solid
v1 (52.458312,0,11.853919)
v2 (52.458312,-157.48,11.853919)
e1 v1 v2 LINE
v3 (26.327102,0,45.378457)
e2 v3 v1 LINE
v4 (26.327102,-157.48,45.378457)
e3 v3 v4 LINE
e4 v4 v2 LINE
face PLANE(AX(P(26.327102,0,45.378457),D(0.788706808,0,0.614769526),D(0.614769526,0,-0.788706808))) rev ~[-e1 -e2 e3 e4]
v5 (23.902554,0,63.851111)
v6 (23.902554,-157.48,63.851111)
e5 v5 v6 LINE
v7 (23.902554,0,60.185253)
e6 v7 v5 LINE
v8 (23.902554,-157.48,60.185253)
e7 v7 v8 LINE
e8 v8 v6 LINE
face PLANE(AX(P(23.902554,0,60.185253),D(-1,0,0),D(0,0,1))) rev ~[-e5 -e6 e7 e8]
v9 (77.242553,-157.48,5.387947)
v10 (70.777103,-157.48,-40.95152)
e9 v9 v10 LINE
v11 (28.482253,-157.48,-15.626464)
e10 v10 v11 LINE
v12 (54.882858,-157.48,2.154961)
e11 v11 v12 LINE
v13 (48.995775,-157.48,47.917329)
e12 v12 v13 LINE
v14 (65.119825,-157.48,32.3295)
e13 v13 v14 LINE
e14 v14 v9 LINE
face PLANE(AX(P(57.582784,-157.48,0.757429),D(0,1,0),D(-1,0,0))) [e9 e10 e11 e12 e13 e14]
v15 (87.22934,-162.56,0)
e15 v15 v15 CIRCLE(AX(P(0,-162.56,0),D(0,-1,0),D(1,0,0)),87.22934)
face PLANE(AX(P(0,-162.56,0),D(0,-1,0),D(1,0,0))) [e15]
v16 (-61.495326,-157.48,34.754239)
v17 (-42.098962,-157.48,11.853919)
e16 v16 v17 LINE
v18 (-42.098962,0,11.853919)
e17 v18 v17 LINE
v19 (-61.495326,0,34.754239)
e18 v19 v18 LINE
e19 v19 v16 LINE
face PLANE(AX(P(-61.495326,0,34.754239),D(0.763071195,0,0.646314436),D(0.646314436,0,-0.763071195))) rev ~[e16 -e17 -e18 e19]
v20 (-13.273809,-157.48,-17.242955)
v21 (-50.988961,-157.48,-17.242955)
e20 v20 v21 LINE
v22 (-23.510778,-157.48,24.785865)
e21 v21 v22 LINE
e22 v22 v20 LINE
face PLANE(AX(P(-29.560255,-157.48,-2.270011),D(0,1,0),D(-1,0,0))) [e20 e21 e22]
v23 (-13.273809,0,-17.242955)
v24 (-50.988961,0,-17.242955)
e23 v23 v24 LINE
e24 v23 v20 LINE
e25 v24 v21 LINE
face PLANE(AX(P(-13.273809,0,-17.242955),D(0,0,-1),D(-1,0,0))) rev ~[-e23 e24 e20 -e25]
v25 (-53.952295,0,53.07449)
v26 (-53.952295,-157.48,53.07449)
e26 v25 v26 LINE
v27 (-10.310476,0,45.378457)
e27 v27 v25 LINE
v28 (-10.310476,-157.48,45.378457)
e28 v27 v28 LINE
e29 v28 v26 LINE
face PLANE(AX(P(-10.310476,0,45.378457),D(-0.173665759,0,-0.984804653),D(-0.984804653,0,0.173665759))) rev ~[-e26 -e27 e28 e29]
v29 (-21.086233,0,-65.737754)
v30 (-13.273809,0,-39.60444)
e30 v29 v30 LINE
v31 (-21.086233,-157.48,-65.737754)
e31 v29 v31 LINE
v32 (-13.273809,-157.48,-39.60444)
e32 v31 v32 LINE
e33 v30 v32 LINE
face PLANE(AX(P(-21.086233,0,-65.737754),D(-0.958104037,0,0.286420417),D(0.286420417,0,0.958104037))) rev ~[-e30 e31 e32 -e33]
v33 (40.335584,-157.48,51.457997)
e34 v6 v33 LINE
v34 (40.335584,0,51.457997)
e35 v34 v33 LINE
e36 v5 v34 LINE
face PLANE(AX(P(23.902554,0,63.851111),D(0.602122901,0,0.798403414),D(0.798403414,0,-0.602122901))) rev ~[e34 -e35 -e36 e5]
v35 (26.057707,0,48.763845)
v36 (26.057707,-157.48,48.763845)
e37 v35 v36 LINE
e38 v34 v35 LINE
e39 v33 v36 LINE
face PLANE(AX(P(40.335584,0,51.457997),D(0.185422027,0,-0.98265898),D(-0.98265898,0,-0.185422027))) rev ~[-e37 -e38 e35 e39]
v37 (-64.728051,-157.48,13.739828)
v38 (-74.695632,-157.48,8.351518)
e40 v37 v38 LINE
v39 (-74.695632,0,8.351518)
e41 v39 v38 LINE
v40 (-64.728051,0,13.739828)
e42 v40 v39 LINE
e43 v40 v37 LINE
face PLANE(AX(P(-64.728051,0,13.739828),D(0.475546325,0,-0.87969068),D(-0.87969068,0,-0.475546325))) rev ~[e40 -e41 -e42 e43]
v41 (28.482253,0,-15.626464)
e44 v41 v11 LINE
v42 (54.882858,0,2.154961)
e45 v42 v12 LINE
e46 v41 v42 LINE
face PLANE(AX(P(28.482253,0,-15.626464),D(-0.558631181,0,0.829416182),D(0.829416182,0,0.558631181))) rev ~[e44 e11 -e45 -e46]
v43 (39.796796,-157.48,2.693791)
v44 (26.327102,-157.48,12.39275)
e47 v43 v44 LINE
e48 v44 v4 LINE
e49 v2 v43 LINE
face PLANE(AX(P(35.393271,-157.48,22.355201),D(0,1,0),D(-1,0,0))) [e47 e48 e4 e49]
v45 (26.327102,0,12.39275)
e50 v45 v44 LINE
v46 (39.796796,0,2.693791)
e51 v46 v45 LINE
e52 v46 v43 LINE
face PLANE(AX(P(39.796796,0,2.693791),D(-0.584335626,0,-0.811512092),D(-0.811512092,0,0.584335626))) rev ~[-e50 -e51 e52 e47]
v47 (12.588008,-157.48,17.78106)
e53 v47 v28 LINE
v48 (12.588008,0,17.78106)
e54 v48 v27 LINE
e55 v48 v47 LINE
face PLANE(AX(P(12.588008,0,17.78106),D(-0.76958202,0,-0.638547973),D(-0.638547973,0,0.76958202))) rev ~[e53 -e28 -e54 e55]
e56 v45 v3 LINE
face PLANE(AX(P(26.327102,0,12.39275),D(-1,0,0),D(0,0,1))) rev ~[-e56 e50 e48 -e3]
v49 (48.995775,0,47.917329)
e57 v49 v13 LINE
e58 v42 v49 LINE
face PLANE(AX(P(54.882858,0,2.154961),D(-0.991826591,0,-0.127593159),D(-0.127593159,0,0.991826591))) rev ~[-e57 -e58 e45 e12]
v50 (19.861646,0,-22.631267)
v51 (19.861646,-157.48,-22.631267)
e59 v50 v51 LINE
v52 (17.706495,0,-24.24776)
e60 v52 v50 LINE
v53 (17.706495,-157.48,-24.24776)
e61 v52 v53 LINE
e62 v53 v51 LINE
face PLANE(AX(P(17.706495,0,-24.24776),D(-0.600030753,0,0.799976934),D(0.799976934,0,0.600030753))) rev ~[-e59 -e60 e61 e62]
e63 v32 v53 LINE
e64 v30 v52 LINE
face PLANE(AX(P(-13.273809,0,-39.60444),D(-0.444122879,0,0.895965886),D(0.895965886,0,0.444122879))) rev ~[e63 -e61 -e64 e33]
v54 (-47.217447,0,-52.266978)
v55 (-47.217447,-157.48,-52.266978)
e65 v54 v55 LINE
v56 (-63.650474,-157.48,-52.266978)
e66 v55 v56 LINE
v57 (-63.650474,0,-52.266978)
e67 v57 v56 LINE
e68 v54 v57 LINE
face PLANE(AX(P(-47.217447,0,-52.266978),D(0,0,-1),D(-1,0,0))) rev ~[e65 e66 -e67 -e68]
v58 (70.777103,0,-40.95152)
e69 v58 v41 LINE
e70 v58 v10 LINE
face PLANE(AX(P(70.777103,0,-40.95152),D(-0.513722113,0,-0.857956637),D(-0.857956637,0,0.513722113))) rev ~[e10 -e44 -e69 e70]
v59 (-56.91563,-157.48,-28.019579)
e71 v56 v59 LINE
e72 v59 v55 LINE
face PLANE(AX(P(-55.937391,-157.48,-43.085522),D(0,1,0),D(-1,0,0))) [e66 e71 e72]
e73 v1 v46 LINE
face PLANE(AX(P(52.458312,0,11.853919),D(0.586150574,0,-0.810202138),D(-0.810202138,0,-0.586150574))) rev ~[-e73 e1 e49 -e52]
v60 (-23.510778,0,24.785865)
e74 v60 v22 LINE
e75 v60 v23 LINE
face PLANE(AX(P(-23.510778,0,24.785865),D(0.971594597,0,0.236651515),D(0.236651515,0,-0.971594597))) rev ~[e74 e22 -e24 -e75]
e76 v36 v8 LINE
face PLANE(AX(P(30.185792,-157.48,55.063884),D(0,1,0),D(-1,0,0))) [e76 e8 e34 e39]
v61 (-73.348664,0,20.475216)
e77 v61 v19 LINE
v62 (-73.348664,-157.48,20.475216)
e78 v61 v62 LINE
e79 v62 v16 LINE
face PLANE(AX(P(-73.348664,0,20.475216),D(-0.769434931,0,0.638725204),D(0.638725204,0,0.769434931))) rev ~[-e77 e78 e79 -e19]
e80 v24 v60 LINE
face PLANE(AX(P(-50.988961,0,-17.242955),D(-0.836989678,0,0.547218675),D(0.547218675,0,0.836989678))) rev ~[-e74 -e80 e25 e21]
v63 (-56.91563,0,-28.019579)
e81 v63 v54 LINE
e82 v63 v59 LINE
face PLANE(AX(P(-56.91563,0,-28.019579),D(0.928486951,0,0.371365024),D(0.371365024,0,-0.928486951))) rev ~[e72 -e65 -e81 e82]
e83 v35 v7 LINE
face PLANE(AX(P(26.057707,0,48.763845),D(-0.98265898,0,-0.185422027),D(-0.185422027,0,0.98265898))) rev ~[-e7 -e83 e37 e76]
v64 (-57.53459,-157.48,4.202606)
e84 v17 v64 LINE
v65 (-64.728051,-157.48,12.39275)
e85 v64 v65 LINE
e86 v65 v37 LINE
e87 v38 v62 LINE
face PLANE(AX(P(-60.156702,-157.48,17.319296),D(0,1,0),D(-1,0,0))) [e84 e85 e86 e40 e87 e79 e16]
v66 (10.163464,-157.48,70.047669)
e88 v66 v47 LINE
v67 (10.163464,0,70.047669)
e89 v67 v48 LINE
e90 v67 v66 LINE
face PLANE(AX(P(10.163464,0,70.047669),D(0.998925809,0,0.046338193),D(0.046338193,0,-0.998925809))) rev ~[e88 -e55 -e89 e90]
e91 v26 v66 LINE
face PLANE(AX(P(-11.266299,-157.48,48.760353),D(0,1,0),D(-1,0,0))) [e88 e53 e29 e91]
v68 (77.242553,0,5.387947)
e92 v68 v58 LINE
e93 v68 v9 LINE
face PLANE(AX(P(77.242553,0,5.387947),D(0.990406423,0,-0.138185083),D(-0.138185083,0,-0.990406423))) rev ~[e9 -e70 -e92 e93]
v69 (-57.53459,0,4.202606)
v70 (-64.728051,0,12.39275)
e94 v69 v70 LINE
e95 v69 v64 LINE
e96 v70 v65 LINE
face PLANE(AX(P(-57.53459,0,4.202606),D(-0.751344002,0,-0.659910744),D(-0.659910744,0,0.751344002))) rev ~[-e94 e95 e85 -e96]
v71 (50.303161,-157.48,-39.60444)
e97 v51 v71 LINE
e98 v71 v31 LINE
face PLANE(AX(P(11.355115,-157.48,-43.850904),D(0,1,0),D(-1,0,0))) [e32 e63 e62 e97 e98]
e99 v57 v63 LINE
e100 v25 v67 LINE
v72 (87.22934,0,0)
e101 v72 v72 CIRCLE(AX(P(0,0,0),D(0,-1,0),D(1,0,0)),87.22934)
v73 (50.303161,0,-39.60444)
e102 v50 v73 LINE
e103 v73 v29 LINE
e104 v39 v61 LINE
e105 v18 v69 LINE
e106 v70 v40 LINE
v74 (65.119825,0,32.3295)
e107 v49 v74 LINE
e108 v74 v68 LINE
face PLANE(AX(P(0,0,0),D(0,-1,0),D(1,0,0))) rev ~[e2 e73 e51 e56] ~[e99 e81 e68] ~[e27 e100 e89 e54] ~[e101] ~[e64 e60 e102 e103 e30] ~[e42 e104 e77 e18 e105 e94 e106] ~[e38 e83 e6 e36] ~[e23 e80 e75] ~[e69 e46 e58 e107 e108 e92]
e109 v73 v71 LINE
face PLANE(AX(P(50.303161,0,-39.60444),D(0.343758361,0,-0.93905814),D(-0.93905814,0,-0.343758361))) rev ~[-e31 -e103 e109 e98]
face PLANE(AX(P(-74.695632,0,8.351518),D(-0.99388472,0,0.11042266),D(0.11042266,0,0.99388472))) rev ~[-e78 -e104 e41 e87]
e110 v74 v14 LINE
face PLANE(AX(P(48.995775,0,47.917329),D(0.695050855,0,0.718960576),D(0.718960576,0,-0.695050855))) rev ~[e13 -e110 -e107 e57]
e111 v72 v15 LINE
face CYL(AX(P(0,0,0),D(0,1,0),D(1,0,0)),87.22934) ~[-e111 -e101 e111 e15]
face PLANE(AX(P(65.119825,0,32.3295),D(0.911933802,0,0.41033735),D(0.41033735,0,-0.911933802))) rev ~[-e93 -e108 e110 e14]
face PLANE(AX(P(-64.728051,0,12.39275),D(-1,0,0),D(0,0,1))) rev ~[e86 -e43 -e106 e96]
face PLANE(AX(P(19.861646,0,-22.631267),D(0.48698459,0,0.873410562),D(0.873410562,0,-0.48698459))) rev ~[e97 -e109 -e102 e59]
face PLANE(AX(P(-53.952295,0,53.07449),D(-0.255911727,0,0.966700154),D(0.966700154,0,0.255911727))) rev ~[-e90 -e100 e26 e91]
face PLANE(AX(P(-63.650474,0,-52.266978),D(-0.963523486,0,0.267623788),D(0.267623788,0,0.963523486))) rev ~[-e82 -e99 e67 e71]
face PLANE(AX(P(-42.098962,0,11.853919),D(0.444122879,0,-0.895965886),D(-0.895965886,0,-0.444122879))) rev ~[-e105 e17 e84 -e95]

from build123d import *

# Parameters (mm, degrees)
F2_DEPTH = 162.56
F1_R     = 87.2293400051
F5_DEPTH = 157.48
F7_DEPTH = 157.48
F9_DEPTH = 157.48


with BuildPart() as f2:
    # F0 (on Front) → F2 (new body)
    with BuildSketch(Plane.XZ):
        Polygon((-3.7715153303, 16.7024247348), (2.6939406525, 35.8293950558), (-36.9069688022, 38.2539406419), (-21.2821215391, 11.8533335626), align=None)
    extrude(amount=F2_DEPTH)


with BuildPart() as f2b:
    # F1 (on Front) → F2, piece 2 (new body)
    with BuildSketch(Plane.XZ):
        Circle(F1_R)
    extrude(amount=F2_DEPTH)

    # F4 (on face) → F5 (cut)
    with BuildSketch(Plane(origin=(0, 0, 0), x_dir=(-1, 0, 0), z_dir=(0, 1, 0))):
        Polygon((-26.3271015137, 45.3784566633), (-52.4583123624, 11.8539193645), (-39.796795696, 2.6937914081), (-26.3271015137, 12.3927500099), align=None)
    extrude(amount=-F5_DEPTH, mode=Mode.SUBTRACT)

    # F6 (on face) → F7 (cut)
    with BuildSketch(Plane(origin=(0, 0, 0), x_dir=(-1, 0, 0), z_dir=(0, 1, 0))):
        Polygon((-12.5880083069, 17.781060189), (10.3104757145, 45.3784566633), (53.9522953331, 53.074490279), (-10.1634636521, 70.0476691127), align=None)
        Polygon((50.9889610112, -17.2429550439), (23.5107783228, 24.7858650982), (13.2738091052, -17.2429550439), align=None)
        Polygon((73.3486637473, 20.4752162099), (61.4953264594, 34.7542390227), (42.0989617705, 11.8539193645), (57.5345901374, 4.2026060604), (64.728051424, 12.3927500099), (64.728051424, 13.7398280203), (74.6956318617, 8.3515178412), align=None)
        Polygon((-17.7064947784, -24.2477599531), (-19.8616459966, -22.6312670857), (-50.3031611443, -39.6044403315), (21.0862327367, -65.7377541065), (13.2738091052, -39.6044403315), align=None)
    extrude(amount=-F7_DEPTH, mode=Mode.SUBTRACT)

    # F8 (on face) → F9 (cut)
    with BuildSketch(Plane(origin=(0, 0, 0), x_dir=(-1, 0, 0), z_dir=(0, 1, 0))):
        Polygon((-48.995775217, 47.9173291132), (-65.1198253036, 32.3294997215), (-77.2425532341, 5.3879469633), (-70.7771033049, -40.9515202045), (-28.4822527319, -15.6264640391), (-54.8828579485, 2.1549605299), align=None)
        Polygon((-23.902554065, 60.1852526106), (-23.902554065, 63.8511106372), (-40.3355844319, 51.4579974115), (-26.0577071458, 48.7638451159), align=None)
        Polygon((63.6504739523, -52.2669777274), (56.9156296551, -28.0195791274), (47.2174473107, -52.2669777274), align=None)
    extrude(amount=-F9_DEPTH, mode=Mode.SUBTRACT)


solid = f2b.part
